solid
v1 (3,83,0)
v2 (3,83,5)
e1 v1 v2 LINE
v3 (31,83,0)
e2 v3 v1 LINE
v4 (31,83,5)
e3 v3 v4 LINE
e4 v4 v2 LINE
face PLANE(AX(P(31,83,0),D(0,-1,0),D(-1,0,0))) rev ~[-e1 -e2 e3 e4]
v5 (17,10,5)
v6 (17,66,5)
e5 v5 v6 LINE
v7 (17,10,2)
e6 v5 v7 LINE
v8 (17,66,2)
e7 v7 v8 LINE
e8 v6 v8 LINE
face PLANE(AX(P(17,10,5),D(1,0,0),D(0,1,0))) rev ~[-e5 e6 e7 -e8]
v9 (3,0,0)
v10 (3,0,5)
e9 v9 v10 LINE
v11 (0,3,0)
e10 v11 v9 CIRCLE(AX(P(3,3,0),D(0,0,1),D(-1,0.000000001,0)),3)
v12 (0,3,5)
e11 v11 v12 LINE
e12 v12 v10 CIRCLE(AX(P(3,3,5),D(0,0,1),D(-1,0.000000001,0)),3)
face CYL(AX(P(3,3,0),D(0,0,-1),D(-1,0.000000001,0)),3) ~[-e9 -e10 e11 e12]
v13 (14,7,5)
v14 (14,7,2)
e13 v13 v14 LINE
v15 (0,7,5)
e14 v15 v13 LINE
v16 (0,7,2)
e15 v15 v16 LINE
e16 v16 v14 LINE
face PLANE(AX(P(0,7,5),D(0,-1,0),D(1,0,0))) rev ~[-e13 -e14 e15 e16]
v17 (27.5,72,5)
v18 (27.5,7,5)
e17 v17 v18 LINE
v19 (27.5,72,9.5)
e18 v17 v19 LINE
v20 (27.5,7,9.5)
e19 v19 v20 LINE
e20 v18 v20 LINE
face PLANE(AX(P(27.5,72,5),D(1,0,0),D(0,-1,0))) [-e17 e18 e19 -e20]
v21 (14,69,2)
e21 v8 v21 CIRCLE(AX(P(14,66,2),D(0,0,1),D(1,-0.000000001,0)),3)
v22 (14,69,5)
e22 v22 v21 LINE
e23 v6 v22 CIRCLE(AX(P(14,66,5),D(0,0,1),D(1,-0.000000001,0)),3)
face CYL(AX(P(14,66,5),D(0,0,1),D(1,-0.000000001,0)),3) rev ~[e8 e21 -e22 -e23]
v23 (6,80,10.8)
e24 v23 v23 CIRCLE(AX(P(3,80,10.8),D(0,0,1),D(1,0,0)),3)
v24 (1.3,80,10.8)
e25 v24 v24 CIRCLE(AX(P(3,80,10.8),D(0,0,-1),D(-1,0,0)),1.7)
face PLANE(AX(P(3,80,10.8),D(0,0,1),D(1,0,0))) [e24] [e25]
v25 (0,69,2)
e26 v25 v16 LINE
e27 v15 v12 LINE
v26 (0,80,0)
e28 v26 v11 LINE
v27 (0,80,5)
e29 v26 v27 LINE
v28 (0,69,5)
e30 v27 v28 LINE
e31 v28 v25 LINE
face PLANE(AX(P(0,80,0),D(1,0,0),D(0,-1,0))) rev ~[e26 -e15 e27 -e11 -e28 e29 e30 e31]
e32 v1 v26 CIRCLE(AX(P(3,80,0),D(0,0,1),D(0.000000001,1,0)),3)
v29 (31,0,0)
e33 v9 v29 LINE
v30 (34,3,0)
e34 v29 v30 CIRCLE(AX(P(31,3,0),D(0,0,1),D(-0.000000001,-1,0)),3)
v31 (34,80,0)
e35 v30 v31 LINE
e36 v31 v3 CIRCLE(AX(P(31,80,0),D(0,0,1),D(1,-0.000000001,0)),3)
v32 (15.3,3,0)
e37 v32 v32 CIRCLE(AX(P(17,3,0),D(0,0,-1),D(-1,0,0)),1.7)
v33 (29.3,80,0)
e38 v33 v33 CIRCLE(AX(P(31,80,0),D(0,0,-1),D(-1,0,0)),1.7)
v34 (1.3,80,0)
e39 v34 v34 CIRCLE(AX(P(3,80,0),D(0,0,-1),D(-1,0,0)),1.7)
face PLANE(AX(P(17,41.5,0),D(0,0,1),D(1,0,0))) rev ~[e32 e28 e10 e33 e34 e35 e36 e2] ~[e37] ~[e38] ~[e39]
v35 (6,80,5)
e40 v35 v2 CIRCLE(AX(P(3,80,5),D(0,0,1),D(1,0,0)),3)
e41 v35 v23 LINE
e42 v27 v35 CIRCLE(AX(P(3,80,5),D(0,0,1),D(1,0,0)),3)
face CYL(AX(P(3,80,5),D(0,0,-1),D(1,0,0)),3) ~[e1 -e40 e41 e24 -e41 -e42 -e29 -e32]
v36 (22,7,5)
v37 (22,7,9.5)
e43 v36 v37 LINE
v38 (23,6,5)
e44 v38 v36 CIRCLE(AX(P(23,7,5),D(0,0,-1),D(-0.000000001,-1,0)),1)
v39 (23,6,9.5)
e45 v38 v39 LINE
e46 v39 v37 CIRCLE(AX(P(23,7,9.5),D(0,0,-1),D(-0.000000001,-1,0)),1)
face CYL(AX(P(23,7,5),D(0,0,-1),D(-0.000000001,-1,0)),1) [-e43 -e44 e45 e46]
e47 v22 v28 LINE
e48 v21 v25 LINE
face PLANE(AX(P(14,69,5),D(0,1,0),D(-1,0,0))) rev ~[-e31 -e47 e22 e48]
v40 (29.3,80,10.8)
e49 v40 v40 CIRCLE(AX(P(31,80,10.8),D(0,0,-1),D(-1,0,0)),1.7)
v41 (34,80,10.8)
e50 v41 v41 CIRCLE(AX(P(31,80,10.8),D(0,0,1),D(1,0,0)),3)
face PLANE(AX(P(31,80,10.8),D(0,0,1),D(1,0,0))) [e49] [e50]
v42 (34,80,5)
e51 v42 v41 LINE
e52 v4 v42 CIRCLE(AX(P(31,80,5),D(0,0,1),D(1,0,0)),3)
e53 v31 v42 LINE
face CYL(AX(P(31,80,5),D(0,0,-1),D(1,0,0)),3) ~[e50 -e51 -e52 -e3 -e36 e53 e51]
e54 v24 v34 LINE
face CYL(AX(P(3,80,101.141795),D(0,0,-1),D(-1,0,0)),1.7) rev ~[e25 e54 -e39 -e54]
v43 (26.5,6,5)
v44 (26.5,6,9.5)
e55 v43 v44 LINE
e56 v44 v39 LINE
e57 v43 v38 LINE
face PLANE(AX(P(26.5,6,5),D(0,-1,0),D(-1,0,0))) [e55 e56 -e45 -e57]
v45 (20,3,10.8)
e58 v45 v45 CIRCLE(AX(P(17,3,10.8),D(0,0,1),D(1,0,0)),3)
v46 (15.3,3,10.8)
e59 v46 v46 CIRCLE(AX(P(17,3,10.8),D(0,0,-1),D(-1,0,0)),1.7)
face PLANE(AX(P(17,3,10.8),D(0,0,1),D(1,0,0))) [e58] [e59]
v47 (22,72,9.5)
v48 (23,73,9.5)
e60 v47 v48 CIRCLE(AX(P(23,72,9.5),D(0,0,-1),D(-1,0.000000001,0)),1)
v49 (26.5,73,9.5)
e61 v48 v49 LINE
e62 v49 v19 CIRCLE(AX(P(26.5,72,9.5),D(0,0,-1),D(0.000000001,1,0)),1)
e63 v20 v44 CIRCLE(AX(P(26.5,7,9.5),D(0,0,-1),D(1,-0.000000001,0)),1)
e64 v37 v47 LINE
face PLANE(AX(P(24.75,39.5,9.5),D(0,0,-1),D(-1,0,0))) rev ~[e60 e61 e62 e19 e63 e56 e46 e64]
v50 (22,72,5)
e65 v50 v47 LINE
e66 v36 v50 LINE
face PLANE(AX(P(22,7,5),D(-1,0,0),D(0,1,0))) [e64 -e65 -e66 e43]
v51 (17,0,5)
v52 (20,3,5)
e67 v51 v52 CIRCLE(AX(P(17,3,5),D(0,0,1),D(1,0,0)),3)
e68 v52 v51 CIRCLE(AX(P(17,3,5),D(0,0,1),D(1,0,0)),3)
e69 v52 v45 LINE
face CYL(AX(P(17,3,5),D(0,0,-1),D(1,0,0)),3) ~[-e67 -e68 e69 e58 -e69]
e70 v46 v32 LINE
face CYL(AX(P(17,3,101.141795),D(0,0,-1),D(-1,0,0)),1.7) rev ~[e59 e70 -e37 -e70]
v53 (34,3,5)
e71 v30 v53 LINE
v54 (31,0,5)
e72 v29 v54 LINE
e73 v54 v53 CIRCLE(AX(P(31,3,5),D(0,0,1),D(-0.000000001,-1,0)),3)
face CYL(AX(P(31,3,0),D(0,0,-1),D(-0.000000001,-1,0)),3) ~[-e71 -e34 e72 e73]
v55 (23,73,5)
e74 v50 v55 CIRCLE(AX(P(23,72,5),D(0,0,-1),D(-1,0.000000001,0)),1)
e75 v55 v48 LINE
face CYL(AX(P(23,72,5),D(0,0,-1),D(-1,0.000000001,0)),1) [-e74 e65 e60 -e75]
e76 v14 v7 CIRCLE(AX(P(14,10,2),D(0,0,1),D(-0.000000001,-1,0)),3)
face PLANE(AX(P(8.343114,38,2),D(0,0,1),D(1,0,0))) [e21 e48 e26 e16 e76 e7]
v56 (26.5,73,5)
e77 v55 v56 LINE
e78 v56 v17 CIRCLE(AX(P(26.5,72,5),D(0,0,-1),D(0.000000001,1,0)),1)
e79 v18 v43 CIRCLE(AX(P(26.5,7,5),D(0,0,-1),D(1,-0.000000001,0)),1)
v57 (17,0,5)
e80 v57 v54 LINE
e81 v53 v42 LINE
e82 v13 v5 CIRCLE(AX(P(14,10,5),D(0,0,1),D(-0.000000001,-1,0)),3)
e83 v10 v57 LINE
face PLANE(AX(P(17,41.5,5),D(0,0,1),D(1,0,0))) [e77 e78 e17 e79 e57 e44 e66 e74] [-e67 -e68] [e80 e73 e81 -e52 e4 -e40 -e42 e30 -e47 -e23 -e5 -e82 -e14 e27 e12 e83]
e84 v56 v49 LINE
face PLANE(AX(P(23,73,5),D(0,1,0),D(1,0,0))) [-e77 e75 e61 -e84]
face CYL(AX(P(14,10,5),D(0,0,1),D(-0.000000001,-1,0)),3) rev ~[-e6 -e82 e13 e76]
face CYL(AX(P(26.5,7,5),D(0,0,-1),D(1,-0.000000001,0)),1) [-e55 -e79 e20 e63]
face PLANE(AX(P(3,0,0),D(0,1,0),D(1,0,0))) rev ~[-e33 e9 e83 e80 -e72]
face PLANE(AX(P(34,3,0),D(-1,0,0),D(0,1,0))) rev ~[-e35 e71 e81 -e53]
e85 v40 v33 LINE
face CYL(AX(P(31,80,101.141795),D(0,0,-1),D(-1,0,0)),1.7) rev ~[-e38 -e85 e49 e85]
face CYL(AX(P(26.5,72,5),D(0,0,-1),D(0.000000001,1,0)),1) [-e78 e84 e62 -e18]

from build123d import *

# Parameters (mm, degrees)
BOSS_EXTRU_2_DEPTH      = 5
ESQUISSE4_R             = 3
BOSS_EXTRU_3_DEPTH      = 5.8
D_GAGEMENT_M31_D        = 3.4
BOSS_EXTRU_4_DEPTH      = 4.5
ENL_V_MAT_EXTRU_1_DEPTH = 3


with BuildPart() as part:
    # Esquisse1 → Boss.-Extru.2 (new body)
    with BuildSketch(Plane.XY):
        with BuildLine():
            Line((3, 0), (31, 0))
            ThreePointArc((31, 0), (33.121320344, 0.878679656), (34, 3))
            Line((34, 3), (34, 80))
            ThreePointArc((34, 80), (33.121320344, 82.121320344), (31, 83))
            Line((31, 83), (3, 83))
            ThreePointArc((3, 83), (0.878679656, 82.121320344), (0, 80))
            Line((0, 80), (0, 3))
            ThreePointArc((0, 3), (0.878679656, 0.878679656), (3, 0))
        make_face()
    extrude(amount=BOSS_EXTRU_2_DEPTH)

    # Esquisse4 → Boss.-Extru.3 (add)
    with BuildSketch(Plane.XY.offset(5)):
        with Locations((3, 80)):
            Circle(ESQUISSE4_R)
        with Locations((31, 80)):
            Circle(ESQUISSE4_R)
        with Locations((17, 3)):
            Circle(ESQUISSE4_R)
    extrude(amount=BOSS_EXTRU_3_DEPTH)

    # Dégagement M31 (through all)
    with Locations(Plane.XY.offset(10.8)):
        with Locations((3, 80), (31, 80), (17, 3)):
            Hole(D_GAGEMENT_M31_D / 2)

    # Esquisse2 → Boss.-Extru.4 (add)
    with BuildSketch(Plane.XY.offset(5)):
        with BuildLine():
            Line((23, 73), (26.5, 73))
            ThreePointArc((26.5, 73), (27.207106781, 72.707106781), (27.5, 72))
            Line((27.5, 72), (27.5, 7))
            ThreePointArc((27.5, 7), (27.207106781, 6.292893219), (26.5, 6))
            Line((26.5, 6), (23, 6))
            ThreePointArc((23, 6), (22.292893219, 6.292893219), (22, 7))
            Line((22, 7), (22, 72))
            ThreePointArc((22, 72), (22.292893219, 72.707106781), (23, 73))
        make_face()
    extrude(amount=BOSS_EXTRU_4_DEPTH)

    # Esquisse7 → Enlèv. mat.-Extru.1 (cut)
    with BuildSketch(Plane.XY.offset(5)):
        with BuildLine():
            Line((14, 69), (0, 69))
            Line((0, 69), (0, 7))
            Line((0, 7), (14, 7))
            ThreePointArc((14, 7), (16.121320344, 7.878679656), (17, 10))
            Line((17, 10), (17, 66))
            ThreePointArc((17, 66), (16.121320344, 68.121320344), (14, 69))
        make_face()
    extrude(amount=-ENL_V_MAT_EXTRU_1_DEPTH, mode=Mode.SUBTRACT)


solid = part.part
